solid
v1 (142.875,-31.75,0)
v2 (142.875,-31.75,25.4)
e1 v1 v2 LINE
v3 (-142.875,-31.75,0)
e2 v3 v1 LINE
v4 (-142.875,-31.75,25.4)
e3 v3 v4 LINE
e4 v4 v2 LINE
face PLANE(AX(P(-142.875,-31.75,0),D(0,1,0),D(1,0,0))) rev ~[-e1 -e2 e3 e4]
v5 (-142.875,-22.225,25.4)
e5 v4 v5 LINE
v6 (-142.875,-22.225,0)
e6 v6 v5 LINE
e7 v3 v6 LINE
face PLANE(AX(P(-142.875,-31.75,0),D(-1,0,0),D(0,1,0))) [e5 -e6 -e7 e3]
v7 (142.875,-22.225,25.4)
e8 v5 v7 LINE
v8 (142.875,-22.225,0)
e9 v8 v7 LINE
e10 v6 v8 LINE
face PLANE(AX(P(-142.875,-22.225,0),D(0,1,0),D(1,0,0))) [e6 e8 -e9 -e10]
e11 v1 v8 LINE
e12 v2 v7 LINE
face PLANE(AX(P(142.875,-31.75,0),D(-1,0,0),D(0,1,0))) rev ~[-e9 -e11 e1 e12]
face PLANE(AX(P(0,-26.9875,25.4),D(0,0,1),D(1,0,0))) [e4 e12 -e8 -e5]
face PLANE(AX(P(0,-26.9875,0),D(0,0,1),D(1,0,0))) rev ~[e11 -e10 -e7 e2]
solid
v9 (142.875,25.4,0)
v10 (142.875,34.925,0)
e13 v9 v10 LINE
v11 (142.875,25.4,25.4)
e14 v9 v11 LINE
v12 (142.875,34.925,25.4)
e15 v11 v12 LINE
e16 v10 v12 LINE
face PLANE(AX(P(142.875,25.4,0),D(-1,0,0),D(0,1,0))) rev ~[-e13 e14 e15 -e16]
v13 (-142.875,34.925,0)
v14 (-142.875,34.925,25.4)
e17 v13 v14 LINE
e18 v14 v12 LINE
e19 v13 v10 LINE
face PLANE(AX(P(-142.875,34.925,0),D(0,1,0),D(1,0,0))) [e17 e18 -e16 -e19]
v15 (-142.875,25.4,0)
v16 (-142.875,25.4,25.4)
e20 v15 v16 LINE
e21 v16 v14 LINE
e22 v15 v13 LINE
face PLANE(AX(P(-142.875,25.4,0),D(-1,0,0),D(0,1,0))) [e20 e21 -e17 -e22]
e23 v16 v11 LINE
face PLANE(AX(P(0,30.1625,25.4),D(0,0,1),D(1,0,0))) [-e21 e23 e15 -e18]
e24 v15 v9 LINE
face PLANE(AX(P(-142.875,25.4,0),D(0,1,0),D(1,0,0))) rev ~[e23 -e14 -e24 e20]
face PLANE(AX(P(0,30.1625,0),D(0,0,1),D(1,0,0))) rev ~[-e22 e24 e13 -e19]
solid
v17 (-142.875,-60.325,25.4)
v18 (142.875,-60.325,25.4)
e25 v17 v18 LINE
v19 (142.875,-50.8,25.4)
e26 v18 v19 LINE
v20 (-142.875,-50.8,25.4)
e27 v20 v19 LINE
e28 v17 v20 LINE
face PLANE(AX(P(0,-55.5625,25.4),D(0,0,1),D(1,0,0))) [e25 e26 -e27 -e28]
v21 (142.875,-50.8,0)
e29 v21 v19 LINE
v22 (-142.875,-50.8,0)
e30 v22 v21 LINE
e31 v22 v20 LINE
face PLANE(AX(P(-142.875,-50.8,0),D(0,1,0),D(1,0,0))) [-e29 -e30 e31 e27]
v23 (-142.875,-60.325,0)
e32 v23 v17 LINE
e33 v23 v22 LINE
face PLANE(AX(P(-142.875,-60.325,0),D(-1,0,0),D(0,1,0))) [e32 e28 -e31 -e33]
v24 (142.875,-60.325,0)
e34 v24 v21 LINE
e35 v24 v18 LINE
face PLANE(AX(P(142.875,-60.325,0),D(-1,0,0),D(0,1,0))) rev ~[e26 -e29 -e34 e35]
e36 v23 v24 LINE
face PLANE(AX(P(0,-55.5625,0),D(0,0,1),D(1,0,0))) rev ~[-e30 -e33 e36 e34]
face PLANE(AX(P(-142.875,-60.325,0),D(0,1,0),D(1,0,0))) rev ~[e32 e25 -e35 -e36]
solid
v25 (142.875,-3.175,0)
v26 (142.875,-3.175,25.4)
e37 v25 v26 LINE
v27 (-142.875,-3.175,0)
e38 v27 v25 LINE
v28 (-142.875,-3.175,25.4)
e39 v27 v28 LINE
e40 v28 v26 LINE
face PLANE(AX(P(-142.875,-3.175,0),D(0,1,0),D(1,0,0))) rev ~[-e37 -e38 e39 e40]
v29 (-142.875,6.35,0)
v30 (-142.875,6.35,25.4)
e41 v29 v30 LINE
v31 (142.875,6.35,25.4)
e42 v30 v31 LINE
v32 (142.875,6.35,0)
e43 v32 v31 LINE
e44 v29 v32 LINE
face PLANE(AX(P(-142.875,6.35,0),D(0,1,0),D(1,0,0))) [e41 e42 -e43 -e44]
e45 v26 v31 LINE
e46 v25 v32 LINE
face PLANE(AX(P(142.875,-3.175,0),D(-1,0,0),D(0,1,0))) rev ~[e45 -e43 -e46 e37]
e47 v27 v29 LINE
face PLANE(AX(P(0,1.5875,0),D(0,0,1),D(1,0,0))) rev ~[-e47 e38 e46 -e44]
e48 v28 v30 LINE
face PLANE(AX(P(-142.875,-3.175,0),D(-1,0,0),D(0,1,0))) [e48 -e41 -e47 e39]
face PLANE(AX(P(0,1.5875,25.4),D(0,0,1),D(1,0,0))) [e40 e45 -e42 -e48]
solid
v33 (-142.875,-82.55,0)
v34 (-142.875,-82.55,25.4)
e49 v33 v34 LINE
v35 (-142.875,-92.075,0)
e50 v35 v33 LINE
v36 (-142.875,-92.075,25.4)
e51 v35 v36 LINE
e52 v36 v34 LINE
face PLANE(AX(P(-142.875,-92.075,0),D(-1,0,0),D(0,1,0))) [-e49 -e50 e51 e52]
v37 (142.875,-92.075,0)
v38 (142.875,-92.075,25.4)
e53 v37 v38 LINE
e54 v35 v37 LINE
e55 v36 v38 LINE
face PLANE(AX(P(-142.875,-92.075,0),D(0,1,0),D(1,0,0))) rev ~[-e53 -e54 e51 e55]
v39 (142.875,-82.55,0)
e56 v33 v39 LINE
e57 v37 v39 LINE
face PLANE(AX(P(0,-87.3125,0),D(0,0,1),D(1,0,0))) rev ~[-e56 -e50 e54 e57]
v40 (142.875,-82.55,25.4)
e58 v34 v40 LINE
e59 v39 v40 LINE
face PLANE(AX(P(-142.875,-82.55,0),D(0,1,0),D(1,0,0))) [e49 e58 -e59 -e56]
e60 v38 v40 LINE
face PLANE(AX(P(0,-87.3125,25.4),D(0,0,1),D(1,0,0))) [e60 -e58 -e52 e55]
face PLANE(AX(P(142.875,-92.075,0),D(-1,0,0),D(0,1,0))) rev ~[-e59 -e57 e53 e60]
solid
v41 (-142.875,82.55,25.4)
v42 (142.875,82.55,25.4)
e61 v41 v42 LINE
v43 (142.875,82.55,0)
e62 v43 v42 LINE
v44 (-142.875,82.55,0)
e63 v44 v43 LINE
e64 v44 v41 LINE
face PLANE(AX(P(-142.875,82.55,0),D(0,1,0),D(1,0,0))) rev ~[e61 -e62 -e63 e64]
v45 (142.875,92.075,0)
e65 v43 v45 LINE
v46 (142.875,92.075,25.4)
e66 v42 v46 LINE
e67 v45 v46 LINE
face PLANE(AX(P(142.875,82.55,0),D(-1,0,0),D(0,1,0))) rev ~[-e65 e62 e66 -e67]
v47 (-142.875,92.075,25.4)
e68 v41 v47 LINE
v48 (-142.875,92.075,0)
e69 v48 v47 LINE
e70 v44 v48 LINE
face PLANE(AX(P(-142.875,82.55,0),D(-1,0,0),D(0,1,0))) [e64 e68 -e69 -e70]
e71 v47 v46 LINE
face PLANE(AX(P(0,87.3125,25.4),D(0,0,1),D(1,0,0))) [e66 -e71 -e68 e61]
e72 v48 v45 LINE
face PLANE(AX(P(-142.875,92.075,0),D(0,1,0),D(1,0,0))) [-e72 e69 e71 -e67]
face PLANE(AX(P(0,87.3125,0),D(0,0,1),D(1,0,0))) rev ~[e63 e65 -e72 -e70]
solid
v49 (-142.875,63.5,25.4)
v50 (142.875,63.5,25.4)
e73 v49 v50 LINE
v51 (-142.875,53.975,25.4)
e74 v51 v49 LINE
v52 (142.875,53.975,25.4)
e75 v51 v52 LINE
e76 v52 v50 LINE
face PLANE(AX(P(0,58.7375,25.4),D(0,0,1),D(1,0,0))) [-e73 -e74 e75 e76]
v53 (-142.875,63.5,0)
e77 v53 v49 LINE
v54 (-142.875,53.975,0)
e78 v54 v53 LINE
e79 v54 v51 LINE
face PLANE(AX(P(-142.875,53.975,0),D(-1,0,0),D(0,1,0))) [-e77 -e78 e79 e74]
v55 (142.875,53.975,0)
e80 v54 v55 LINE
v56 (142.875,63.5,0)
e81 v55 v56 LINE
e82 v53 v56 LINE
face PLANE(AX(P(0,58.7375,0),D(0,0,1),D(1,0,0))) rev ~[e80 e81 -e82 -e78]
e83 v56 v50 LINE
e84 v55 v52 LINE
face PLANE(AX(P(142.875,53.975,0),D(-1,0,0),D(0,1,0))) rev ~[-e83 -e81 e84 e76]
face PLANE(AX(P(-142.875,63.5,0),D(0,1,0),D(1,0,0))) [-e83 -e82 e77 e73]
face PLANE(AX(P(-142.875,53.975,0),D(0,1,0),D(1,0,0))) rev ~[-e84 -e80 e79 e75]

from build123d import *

# Parameters (mm, degrees)
F0_W     = 285.75
F0_H     = 9.525
F1_DEPTH = 25.4


with BuildPart() as f1:
    # F0 (on Top) → F1 (new body)
    with BuildSketch(Plane.XY):
        with Locations((0, 87.3125)):
            Rectangle(F0_W, F0_H)
        with Locations((0, 58.7375)):
            Rectangle(F0_W, F0_H)
        with Locations((0, 30.1625)):
            Rectangle(F0_W, F0_H)
        with Locations((0, 1.5875)):
            Rectangle(F0_W, F0_H)
        with Locations((0, -26.9875)):
            Rectangle(F0_W, F0_H)
        with Locations((0, -87.3125)):
            Rectangle(F0_W, F0_H)
        with Locations((0, -55.5625)):
            Rectangle(F0_W, F0_H)
    extrude(amount=F1_DEPTH)


solid = f1.part
